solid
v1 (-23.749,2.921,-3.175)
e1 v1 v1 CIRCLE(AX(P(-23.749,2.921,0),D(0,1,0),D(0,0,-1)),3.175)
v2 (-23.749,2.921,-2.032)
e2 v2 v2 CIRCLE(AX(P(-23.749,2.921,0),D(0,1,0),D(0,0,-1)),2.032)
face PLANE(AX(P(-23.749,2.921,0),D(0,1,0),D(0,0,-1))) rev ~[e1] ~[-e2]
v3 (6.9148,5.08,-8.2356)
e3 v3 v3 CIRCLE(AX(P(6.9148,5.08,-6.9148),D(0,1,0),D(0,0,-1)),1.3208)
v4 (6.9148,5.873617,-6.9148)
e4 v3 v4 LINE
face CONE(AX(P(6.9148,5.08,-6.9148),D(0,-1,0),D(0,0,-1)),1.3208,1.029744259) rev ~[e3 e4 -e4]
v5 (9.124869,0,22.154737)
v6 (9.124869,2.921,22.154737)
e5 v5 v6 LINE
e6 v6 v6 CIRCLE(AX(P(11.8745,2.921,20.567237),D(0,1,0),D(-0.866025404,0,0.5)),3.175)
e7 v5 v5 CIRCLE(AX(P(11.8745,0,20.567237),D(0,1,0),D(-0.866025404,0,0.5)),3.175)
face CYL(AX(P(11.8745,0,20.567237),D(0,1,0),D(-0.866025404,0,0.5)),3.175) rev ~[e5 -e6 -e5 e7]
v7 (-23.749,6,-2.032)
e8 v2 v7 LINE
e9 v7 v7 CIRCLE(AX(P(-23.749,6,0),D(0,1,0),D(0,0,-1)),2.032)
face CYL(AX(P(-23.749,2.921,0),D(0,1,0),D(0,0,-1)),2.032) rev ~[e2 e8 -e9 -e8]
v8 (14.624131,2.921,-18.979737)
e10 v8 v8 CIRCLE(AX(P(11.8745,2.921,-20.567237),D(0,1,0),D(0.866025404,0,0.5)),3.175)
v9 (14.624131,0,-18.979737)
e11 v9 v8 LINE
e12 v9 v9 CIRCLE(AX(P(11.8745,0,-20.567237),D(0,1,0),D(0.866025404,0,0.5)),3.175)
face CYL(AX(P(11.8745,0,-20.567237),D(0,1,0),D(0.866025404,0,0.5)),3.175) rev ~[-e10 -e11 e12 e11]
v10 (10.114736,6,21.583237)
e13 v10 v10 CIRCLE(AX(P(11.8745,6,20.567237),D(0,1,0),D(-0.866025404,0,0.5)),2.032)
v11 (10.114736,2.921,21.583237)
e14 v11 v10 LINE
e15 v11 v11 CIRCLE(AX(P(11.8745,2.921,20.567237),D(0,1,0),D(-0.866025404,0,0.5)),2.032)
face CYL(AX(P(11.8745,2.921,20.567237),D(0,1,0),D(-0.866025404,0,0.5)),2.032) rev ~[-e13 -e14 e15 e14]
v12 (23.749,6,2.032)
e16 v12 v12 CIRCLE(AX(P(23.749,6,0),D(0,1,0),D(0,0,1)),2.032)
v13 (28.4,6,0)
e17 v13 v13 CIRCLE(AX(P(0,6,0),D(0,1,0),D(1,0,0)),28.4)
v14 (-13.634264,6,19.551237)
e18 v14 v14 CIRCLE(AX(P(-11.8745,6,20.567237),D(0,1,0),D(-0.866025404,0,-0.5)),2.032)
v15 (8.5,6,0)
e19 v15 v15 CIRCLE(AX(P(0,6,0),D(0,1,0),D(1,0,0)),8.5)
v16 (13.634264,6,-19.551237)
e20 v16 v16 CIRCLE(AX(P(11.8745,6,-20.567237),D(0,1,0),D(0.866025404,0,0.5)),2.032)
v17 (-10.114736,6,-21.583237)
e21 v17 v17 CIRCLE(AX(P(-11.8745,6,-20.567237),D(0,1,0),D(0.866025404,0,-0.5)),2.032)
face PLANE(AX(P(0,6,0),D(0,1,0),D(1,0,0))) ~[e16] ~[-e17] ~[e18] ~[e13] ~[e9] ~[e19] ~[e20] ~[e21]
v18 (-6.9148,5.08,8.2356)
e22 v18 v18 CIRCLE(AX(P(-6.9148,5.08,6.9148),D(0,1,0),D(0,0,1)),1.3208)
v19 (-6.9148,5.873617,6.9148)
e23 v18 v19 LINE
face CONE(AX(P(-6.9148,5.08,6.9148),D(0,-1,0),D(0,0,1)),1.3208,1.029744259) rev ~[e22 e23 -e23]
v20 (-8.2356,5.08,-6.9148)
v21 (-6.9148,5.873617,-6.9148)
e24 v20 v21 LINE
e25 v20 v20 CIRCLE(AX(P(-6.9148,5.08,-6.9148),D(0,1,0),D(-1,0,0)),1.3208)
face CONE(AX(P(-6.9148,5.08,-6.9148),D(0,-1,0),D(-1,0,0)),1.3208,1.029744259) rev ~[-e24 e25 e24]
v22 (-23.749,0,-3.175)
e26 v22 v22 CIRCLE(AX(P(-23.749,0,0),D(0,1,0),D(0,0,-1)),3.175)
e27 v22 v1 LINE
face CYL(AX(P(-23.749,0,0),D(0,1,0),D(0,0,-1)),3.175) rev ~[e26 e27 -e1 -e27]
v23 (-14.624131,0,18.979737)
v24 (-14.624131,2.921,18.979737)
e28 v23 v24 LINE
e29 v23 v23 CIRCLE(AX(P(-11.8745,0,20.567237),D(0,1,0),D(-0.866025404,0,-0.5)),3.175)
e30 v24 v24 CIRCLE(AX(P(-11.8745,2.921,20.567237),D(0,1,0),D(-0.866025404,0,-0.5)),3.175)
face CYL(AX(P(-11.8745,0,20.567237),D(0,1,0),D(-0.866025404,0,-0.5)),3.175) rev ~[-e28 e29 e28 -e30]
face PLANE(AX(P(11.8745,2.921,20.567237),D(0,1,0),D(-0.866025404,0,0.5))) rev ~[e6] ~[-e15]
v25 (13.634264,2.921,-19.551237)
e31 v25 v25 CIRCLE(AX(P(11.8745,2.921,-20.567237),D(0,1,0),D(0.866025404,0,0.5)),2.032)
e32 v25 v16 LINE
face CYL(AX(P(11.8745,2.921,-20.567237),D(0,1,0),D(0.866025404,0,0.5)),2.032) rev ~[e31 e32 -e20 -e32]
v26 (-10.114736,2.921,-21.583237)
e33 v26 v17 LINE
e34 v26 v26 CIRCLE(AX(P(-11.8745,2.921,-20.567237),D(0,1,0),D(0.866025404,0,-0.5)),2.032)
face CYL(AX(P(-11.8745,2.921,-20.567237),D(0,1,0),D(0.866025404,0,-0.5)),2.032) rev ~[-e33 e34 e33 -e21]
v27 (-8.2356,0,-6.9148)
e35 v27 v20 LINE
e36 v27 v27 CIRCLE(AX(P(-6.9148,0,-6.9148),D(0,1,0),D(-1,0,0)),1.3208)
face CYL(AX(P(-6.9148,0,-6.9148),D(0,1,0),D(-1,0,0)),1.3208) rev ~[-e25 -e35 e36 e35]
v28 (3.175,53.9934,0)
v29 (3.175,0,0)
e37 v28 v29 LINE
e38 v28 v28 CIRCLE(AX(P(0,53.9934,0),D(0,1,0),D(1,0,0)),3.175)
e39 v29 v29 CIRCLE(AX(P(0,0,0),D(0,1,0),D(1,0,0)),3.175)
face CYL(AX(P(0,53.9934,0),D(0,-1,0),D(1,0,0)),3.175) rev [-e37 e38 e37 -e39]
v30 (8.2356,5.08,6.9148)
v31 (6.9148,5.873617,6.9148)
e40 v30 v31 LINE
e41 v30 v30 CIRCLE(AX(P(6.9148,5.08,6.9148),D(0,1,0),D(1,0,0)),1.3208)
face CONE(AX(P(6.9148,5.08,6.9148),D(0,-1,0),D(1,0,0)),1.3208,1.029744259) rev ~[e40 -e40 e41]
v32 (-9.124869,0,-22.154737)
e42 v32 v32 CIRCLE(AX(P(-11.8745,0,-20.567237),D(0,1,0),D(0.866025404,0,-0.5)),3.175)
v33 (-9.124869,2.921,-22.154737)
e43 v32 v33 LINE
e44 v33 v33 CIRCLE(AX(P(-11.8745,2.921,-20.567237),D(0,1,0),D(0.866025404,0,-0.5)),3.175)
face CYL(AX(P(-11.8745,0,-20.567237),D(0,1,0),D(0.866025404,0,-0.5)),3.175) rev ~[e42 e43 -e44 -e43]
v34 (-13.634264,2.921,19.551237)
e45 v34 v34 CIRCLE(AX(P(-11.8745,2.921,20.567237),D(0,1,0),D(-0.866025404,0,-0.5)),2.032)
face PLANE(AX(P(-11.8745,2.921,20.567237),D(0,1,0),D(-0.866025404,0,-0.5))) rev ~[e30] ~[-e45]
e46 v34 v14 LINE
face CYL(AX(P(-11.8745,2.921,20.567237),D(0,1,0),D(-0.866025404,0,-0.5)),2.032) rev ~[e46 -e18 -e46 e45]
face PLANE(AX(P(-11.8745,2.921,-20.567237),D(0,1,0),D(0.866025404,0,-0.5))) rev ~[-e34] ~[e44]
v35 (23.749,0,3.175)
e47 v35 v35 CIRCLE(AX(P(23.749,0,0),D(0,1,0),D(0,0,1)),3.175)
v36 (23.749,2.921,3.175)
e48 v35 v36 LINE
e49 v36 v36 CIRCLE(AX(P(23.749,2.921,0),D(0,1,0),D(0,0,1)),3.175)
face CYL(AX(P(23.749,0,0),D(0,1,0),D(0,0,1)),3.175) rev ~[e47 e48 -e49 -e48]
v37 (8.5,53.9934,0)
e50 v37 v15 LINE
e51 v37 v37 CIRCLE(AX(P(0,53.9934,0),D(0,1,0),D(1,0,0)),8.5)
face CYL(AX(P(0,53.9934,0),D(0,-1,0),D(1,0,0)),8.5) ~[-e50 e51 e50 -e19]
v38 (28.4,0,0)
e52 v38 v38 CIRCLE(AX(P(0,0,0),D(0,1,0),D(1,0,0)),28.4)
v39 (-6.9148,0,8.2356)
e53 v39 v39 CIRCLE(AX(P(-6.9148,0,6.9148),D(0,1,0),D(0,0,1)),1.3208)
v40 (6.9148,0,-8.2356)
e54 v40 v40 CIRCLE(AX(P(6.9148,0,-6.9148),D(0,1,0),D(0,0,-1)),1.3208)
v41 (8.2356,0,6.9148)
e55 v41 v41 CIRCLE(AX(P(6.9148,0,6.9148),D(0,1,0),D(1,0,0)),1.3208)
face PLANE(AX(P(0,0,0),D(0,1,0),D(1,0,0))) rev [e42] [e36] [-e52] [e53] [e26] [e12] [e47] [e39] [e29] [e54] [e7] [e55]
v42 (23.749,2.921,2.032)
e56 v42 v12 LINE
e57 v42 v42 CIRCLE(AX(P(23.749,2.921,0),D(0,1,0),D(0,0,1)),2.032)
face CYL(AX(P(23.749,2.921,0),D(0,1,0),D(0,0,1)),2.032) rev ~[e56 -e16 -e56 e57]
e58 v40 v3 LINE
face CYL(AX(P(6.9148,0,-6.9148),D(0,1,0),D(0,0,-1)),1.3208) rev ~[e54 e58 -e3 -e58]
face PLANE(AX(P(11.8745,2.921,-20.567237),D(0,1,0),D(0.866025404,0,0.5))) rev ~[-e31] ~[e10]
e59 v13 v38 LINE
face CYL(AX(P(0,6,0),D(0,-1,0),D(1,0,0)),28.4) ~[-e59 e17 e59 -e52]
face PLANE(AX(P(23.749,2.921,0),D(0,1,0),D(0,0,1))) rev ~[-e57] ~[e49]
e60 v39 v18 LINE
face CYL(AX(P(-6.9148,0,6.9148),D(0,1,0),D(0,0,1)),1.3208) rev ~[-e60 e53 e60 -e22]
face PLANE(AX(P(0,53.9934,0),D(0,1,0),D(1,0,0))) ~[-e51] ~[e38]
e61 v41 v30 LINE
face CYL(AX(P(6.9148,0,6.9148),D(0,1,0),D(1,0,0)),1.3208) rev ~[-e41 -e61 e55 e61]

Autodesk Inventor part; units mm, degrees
ref_plane "YZ Plane" through (0, 0, 0) normal (1, 0, 0) x (0, 1, 0)
ref_plane "XZ Plane" through (0, 0, 0) normal (0, 1, 0) x (-1, 0, 0)
ref_plane "XY Plane" through (0, 0, 0) normal (0, 0, 1) x (1, 0, 0)
sketch "Sketch1" plane through (0, 0, 0) normal (0, 0, 1) x (1, 0, 0)
  line L0 (0, 0) -> (0, 26.4) construction
  line L1 (3.175, 0) -> (28.4, 0)
  line L2 (8.5, 6) -> (28.4, 6)
  line L3 (8.5, 53.9934) -> (8.5, 6)
  line L4 (28.4, 6) -> (28.4, 0)
  line L5 (3.175, 53.9934) -> (8.5, 53.9934)
  line L6 (3.175, 53.9934) -> (3.175, 0)
  dimension "d0" = 26.4
  dimension "d53" = 47.9934
revolve "Revolution1" add sketch "Sketch1" angle 360 about axis through (0, 0, 0) along (0, 1, 0)
sketch "Sketch5" plane through (0, 0, 0) normal (0, -1, 0) x (1, 0, 0)
  circle A0 centre (0, 0) radius 3.175 projected
  line L0 (0, 0) -> (6.9148, -6.9148)
  line L1 (0, 0) -> (9.779, 0) construction
  dimension "d39" = 9.779
  dimension "d40" = 45
hole "Hole2" at (6.9148, 0, -6.9148) direction (0, 1, 0) diameter 2.6416 depth 5.08 tip angle 118 thread size "6-32 UNC" class "2B" standard "ANSI Unified Screw Threads"
pattern_circular "Circular Pattern2" count 4 over 360 about axis through (0, 26.9967, 0) along (0, -1, 0) of "Hole2"
sketch "Sketch6" plane through (0, 0, 0) normal (0, -1, 0) x (1, 0, 0)
  point P0 (0, 0)
sketch "Sketch7" plane through (0, 0, 0) normal (0, -1, 0) x (1, 0, 0)
  line L0 (0, 0) -> (-23.749, 0) construction
  dimension "d57" = 23.749
hole "Hole3" at (-23.749, 0, 0) direction (0, 1, 0) diameter 4.064 end through all counterbore diameter 6.35 counterbore depth 2.921
pattern_circular "Circular Pattern3" count 6 over 360 about axis through (0, 26.9967, 0) along (0, -1, 0) of "Hole3"
properties part number "Mechanum Wheel Adapter"
